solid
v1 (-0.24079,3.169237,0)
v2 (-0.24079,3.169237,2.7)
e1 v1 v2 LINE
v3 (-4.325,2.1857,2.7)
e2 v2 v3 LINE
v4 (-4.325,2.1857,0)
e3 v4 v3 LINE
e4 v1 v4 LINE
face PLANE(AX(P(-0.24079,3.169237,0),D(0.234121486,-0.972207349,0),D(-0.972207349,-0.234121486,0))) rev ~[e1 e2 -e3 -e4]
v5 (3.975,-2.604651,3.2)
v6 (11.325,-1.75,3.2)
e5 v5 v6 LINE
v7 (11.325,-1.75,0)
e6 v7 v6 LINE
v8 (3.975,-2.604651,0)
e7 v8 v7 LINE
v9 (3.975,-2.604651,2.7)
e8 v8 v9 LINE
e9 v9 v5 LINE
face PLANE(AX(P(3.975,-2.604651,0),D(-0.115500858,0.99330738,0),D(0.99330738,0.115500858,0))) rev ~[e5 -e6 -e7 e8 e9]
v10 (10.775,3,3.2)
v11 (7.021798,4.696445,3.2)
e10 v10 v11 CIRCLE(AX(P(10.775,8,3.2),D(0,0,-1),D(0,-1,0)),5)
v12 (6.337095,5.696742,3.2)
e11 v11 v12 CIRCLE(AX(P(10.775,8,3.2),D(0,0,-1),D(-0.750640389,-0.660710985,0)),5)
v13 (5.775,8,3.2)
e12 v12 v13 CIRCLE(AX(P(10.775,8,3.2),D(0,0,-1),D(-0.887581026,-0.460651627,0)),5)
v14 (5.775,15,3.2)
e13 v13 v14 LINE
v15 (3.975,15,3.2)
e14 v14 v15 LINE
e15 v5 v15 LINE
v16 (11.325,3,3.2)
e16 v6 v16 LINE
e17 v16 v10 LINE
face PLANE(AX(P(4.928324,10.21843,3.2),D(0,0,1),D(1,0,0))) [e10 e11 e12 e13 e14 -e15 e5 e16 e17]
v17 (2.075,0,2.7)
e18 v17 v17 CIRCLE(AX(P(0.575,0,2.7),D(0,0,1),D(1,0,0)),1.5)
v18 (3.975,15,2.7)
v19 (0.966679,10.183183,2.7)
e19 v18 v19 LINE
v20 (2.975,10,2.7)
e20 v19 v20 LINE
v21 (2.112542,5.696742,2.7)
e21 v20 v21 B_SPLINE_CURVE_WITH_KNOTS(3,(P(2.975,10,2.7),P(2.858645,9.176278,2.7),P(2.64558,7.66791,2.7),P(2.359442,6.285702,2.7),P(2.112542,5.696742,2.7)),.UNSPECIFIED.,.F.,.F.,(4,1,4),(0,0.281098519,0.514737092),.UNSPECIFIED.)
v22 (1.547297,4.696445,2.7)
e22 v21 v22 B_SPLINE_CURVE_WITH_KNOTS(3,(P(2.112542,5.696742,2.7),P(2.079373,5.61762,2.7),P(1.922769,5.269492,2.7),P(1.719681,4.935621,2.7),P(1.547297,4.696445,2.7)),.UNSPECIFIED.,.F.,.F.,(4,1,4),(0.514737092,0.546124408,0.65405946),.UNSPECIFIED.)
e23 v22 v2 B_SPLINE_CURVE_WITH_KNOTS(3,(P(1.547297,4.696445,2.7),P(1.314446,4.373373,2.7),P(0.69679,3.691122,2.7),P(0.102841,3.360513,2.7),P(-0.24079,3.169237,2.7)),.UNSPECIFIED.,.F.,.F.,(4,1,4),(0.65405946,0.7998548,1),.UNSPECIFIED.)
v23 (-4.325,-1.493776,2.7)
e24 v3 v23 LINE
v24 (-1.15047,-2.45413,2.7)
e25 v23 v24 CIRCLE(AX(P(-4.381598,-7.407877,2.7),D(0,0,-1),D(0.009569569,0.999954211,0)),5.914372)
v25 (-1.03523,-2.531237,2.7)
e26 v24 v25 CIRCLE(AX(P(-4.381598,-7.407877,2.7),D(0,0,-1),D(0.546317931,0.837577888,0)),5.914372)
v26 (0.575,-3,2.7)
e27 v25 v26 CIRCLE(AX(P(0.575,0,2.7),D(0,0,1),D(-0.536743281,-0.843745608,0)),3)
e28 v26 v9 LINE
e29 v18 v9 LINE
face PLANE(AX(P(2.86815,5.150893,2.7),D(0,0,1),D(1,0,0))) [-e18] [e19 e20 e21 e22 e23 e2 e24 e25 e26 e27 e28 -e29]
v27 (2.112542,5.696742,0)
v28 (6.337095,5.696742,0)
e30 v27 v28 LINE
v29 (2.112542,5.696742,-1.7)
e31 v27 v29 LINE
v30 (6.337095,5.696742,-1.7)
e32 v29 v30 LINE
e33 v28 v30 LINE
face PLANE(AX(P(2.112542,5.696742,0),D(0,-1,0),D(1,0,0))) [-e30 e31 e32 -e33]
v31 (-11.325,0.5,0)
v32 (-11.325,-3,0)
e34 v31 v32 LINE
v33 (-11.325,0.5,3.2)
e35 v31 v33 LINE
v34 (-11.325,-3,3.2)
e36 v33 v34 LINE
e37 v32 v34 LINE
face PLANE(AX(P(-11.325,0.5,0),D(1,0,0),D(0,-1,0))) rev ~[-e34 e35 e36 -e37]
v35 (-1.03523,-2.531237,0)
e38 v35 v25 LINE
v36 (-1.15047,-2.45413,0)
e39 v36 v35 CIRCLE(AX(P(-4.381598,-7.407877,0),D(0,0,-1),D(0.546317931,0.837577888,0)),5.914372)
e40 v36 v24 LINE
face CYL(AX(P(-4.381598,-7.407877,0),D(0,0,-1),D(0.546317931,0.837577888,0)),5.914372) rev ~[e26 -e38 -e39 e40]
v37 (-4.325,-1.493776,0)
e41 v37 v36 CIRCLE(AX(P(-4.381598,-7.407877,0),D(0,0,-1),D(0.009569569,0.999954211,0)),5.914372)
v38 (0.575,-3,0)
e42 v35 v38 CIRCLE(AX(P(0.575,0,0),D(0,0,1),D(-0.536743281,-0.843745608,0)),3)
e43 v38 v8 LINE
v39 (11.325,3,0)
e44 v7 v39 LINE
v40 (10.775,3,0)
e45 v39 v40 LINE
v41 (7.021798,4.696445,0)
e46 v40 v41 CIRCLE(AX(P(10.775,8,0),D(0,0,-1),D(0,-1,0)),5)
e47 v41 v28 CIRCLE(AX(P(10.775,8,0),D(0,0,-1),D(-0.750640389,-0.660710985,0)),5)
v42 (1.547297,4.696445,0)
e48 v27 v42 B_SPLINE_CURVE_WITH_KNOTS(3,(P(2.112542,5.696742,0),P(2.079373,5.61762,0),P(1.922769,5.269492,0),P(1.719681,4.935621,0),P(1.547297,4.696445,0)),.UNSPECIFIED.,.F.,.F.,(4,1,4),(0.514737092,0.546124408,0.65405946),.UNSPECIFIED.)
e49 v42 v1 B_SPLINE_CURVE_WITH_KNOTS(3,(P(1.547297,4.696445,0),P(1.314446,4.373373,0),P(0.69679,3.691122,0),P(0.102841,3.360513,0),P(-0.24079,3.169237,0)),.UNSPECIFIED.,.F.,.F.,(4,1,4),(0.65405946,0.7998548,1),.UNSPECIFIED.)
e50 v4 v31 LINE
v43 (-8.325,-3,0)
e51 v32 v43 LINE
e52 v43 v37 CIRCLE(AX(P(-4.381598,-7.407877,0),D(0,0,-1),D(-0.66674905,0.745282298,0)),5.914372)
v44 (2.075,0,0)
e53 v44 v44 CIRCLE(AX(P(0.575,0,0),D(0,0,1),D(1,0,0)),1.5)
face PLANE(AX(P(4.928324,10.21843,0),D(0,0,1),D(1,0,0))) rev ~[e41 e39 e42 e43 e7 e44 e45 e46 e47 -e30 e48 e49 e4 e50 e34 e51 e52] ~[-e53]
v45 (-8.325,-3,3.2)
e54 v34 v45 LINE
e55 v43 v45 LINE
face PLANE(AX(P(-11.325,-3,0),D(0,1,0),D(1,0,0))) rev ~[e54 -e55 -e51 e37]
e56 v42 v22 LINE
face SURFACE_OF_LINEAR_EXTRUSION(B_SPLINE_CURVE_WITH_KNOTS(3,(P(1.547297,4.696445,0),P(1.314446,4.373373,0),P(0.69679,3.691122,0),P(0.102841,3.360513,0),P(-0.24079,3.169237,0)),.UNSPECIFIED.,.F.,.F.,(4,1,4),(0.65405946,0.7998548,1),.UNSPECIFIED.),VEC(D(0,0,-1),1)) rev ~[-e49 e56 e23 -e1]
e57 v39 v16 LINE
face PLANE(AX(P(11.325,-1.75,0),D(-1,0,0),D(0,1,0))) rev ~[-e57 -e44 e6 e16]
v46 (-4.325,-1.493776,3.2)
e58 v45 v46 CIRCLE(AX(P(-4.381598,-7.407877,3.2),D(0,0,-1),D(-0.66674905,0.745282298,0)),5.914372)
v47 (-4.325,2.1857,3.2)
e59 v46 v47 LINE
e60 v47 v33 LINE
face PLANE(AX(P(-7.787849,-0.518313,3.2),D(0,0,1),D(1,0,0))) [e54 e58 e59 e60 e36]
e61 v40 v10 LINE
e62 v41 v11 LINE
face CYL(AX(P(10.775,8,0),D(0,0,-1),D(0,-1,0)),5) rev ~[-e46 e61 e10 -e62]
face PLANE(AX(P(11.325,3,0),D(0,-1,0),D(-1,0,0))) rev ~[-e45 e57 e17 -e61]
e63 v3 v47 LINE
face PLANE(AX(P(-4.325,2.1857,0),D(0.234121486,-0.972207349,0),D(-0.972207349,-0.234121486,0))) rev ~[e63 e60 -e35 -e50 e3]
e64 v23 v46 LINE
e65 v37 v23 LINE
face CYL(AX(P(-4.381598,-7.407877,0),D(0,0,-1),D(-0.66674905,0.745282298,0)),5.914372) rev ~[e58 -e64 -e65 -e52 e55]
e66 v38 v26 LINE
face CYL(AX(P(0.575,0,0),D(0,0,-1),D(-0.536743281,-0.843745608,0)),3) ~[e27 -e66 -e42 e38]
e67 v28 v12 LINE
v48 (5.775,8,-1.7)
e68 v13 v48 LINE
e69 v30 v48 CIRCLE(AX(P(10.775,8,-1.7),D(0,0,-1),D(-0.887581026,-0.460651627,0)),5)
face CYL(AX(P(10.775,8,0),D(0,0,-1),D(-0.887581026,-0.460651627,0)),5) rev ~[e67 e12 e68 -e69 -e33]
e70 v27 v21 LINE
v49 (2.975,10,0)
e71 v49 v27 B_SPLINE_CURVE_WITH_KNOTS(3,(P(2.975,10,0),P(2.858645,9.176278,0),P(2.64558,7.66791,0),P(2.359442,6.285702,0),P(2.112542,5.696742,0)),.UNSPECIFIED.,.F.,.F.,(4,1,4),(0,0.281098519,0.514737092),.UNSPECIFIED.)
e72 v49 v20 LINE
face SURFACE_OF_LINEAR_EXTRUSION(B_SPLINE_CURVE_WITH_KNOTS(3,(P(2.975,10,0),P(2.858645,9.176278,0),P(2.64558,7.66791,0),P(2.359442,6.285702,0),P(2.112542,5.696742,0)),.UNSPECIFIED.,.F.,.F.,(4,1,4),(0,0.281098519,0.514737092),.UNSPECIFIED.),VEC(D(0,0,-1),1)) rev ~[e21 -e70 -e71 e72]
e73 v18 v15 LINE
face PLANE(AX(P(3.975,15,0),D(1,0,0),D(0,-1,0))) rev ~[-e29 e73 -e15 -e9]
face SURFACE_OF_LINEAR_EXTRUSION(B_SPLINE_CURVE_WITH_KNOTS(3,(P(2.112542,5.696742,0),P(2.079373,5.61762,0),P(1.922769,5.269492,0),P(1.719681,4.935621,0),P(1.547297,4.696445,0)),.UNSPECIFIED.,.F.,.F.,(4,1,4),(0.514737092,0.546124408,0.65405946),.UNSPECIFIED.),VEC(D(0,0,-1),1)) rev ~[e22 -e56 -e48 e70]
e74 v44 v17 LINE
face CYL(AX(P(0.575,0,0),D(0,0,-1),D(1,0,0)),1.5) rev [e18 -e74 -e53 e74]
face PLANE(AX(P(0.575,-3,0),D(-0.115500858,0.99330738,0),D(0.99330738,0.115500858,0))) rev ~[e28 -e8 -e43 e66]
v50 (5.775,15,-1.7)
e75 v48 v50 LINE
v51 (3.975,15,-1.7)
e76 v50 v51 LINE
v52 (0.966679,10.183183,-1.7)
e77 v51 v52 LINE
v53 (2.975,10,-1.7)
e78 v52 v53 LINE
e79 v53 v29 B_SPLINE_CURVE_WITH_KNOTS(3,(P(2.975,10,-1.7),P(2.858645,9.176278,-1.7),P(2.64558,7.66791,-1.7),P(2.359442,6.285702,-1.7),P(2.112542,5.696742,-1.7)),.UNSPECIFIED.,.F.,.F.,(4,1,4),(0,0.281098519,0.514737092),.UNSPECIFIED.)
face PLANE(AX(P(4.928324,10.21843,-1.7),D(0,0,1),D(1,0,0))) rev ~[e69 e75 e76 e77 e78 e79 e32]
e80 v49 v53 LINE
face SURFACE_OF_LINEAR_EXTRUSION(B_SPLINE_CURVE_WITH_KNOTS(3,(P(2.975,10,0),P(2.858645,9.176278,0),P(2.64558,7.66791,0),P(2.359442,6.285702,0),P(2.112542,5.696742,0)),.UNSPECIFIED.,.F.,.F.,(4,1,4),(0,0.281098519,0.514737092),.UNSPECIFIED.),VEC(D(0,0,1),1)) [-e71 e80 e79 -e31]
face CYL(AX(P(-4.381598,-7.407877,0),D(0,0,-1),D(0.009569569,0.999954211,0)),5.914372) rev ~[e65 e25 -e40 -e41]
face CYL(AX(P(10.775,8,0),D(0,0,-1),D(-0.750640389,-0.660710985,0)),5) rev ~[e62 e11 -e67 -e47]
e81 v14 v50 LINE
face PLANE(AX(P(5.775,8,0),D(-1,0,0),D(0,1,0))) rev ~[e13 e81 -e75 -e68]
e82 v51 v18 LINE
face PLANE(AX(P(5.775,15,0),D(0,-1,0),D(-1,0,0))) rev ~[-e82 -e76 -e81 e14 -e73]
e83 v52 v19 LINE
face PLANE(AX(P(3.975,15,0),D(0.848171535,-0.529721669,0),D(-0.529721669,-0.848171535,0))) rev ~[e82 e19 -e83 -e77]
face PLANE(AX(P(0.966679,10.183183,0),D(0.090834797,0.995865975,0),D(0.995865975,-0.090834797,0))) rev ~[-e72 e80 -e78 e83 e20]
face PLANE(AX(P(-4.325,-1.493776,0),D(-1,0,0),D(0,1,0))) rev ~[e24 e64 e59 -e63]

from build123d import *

# Parameters (mm, degrees)
F0_R     = 1.5
F1_DEPTH = 2.7
F2_DEPTH = 3.2
F3_DEPTH = 2.7
F4_DEPTH = 3.2
F5_DEPTH = 1.7
F6_DEPTH = 3.2


with BuildPart() as f1:
    # F0 (on Top) → F1 (new body)
    with BuildSketch(Plane.XY):
        with BuildLine():
            Line((-4.325, 2.1857004834), (-4.325, -1.4937755356))
            ThreePointArc((-4.325, -1.4937755356), (-2.6690400274, -1.7468749135), (-1.1504704305, -2.4541295388))
            ThreePointArc((-1.1504704305, -2.4541295388), (-1.0926241638, -2.4923454544), (-1.0352298419, -2.5312368234))
            ThreePointArc((-1.0352298419, -2.5312368234), (-0.263537277, -2.8804262246), (0.575, -3))
            Line((0.575, -3), (3.975, -2.6046511628))
            Line((3.975, -2.6046511628), (3.975, 4.6964450739))
            Line((3.975, 4.6964450739), (1.5472968315, 4.6964450739))
            add(Edge.make_bspline(
                [(1.5472968315, 4.6964450739), (1.3144459312, 4.3733731641), (0.6967900923, 3.6911224637), (0.1028413655, 3.3605125255), (-0.240789904, 3.1692369025)],
                knots=[0.6540594598, 0.6540594598, 0.6540594598, 0.6540594598, 0.7998547995, 1, 1, 1, 1], degree=3))
            Line((-0.240789904, 3.1692369025), (-4.325, 2.1857004834))
        make_face()
        with Locations((0.575, 0)):
            Circle(F0_R, mode=Mode.SUBTRACT)
    extrude(amount=F1_DEPTH)

    # F0 (on Top) → F2 (join)
    with BuildSketch(Plane.XY):
        with BuildLine():
            Line((-11.325, 0.5), (-11.325, -3))
            Line((-11.325, -3), (-8.325, -3))
            ThreePointArc((-8.325, -3), (-6.4658219239, -1.872914493), (-4.325, -1.4937755356))
            Line((-4.325, -1.4937755356), (-4.325, 2.1857004834))
            Line((-4.325, 2.1857004834), (-11.325, 0.5))
        make_face()
    extrude(amount=F2_DEPTH)

    # F0 (on Top) → F3 (join)
    with BuildSketch(Plane.XY):
        with BuildLine():
            add(Edge.make_bspline(
                [(2.1125420716, 5.6967418641), (2.0793732606, 5.6176202325), (1.9227685724, 5.2694923337), (1.7196807638, 4.9356213286), (1.5472968315, 4.6964450739)],
                knots=[0.5147370924, 0.5147370924, 0.5147370924, 0.5147370924, 0.546124408, 0.6540594598, 0.6540594598, 0.6540594598, 0.6540594598], degree=3))
            Line((1.5472968315, 4.6964450739), (3.975, 4.6964450739))
            Line((3.975, 4.6964450739), (3.975, 5.6967418641))
            Line((3.975, 5.6967418641), (2.1125420716, 5.6967418641))
        make_face()
        with BuildLine():
            add(Edge.make_bspline(
                [(2.975, 10), (2.8586448523, 9.1762784971), (2.6455796583, 7.6679104943), (2.3594416082, 6.2857016012), (2.1125420716, 5.6967418641)],
                knots=[0, 0, 0, 0, 0.2810985188, 0.5147370924, 0.5147370924, 0.5147370924, 0.5147370924], degree=3))
            Line((2.1125420716, 5.6967418641), (3.975, 5.6967418641))
            Line((3.975, 5.6967418641), (3.975, 15))
            Line((3.975, 15), (0.9666787216, 10.1831827385))
            Line((0.9666787216, 10.1831827385), (2.975, 10))
        make_face()
    extrude(amount=F3_DEPTH)

    # F0 (on Top) → F4 (join)
    with BuildSketch(Plane.XY):
        with BuildLine():
            Line((3.975, 15), (3.975, 5.6967418641))
            Line((3.975, 5.6967418641), (6.3370948682, 5.6967418641))
            ThreePointArc((6.3370948682, 5.6967418641), (5.9175559365, 6.8145730008), (5.775, 8))
            Line((5.775, 8), (5.775, 15))
            Line((5.775, 15), (3.975, 15))
        make_face()
        with BuildLine():
            Line((3.975, 5.6967418641), (3.975, 4.6964450739))
            Line((3.975, 4.6964450739), (7.0217980536, 4.6964450739))
            ThreePointArc((7.0217980536, 4.6964450739), (6.6490204546, 5.1757668667), (6.3370948682, 5.6967418641))
            Line((6.3370948682, 5.6967418641), (3.975, 5.6967418641))
        make_face()
        with BuildLine():
            Line((7.0217980536, 4.6964450739), (3.975, 4.6964450739))
            Line((3.975, 4.6964450739), (3.975, -2.6046511628))
            Line((3.975, -2.6046511628), (11.325, -1.75))
            Line((11.325, -1.75), (11.325, 2.9936889187))
            Line((11.325, 2.9936889187), (11.325, 3))
            Line((11.325, 3), (11.3100688905, 3))
            Line((11.3100688905, 3), (10.775, 3))
            ThreePointArc((10.775, 3), (8.7156038058, 3.4438078053), (7.0217980536, 4.6964450739))
        make_face()
    extrude(amount=F4_DEPTH)

    # F0 (on Top) → F5 (join)
    with BuildSketch(Plane.XY):
        with BuildLine():
            Line((3.975, 15), (3.975, 5.6967418641))
            Line((3.975, 5.6967418641), (6.3370948682, 5.6967418641))
            ThreePointArc((6.3370948682, 5.6967418641), (5.9175559365, 6.8145730008), (5.775, 8))
            Line((5.775, 8), (5.775, 15))
            Line((5.775, 15), (3.975, 15))
        make_face()
        with BuildLine():
            add(Edge.make_bspline(
                [(2.975, 10), (2.8586448523, 9.1762784971), (2.6455796583, 7.6679104943), (2.3594416082, 6.2857016012), (2.1125420716, 5.6967418641)],
                knots=[0, 0, 0, 0, 0.2810985188, 0.5147370924, 0.5147370924, 0.5147370924, 0.5147370924], degree=3))
            Line((2.1125420716, 5.6967418641), (3.975, 5.6967418641))
            Line((3.975, 5.6967418641), (3.975, 15))
            Line((3.975, 15), (0.9666787216, 10.1831827385))
            Line((0.9666787216, 10.1831827385), (2.975, 10))
        make_face()
    extrude(amount=-F5_DEPTH)

    # F0 (on Top) → F6 (join)
    with BuildSketch(Plane.XY):
        with BuildLine():
            Line((7.0217980536, 4.6964450739), (3.975, 4.6964450739))
            Line((3.975, 4.6964450739), (3.975, -2.6046511628))
            Line((3.975, -2.6046511628), (11.325, -1.75))
            Line((11.325, -1.75), (11.325, 2.9936889187))
            Line((11.325, 2.9936889187), (11.325, 3))
            Line((11.325, 3), (11.3100688905, 3))
            Line((11.3100688905, 3), (10.775, 3))
            ThreePointArc((10.775, 3), (8.7156038058, 3.4438078053), (7.0217980536, 4.6964450739))
        make_face()
    extrude(amount=F6_DEPTH)


solid = f1.part
